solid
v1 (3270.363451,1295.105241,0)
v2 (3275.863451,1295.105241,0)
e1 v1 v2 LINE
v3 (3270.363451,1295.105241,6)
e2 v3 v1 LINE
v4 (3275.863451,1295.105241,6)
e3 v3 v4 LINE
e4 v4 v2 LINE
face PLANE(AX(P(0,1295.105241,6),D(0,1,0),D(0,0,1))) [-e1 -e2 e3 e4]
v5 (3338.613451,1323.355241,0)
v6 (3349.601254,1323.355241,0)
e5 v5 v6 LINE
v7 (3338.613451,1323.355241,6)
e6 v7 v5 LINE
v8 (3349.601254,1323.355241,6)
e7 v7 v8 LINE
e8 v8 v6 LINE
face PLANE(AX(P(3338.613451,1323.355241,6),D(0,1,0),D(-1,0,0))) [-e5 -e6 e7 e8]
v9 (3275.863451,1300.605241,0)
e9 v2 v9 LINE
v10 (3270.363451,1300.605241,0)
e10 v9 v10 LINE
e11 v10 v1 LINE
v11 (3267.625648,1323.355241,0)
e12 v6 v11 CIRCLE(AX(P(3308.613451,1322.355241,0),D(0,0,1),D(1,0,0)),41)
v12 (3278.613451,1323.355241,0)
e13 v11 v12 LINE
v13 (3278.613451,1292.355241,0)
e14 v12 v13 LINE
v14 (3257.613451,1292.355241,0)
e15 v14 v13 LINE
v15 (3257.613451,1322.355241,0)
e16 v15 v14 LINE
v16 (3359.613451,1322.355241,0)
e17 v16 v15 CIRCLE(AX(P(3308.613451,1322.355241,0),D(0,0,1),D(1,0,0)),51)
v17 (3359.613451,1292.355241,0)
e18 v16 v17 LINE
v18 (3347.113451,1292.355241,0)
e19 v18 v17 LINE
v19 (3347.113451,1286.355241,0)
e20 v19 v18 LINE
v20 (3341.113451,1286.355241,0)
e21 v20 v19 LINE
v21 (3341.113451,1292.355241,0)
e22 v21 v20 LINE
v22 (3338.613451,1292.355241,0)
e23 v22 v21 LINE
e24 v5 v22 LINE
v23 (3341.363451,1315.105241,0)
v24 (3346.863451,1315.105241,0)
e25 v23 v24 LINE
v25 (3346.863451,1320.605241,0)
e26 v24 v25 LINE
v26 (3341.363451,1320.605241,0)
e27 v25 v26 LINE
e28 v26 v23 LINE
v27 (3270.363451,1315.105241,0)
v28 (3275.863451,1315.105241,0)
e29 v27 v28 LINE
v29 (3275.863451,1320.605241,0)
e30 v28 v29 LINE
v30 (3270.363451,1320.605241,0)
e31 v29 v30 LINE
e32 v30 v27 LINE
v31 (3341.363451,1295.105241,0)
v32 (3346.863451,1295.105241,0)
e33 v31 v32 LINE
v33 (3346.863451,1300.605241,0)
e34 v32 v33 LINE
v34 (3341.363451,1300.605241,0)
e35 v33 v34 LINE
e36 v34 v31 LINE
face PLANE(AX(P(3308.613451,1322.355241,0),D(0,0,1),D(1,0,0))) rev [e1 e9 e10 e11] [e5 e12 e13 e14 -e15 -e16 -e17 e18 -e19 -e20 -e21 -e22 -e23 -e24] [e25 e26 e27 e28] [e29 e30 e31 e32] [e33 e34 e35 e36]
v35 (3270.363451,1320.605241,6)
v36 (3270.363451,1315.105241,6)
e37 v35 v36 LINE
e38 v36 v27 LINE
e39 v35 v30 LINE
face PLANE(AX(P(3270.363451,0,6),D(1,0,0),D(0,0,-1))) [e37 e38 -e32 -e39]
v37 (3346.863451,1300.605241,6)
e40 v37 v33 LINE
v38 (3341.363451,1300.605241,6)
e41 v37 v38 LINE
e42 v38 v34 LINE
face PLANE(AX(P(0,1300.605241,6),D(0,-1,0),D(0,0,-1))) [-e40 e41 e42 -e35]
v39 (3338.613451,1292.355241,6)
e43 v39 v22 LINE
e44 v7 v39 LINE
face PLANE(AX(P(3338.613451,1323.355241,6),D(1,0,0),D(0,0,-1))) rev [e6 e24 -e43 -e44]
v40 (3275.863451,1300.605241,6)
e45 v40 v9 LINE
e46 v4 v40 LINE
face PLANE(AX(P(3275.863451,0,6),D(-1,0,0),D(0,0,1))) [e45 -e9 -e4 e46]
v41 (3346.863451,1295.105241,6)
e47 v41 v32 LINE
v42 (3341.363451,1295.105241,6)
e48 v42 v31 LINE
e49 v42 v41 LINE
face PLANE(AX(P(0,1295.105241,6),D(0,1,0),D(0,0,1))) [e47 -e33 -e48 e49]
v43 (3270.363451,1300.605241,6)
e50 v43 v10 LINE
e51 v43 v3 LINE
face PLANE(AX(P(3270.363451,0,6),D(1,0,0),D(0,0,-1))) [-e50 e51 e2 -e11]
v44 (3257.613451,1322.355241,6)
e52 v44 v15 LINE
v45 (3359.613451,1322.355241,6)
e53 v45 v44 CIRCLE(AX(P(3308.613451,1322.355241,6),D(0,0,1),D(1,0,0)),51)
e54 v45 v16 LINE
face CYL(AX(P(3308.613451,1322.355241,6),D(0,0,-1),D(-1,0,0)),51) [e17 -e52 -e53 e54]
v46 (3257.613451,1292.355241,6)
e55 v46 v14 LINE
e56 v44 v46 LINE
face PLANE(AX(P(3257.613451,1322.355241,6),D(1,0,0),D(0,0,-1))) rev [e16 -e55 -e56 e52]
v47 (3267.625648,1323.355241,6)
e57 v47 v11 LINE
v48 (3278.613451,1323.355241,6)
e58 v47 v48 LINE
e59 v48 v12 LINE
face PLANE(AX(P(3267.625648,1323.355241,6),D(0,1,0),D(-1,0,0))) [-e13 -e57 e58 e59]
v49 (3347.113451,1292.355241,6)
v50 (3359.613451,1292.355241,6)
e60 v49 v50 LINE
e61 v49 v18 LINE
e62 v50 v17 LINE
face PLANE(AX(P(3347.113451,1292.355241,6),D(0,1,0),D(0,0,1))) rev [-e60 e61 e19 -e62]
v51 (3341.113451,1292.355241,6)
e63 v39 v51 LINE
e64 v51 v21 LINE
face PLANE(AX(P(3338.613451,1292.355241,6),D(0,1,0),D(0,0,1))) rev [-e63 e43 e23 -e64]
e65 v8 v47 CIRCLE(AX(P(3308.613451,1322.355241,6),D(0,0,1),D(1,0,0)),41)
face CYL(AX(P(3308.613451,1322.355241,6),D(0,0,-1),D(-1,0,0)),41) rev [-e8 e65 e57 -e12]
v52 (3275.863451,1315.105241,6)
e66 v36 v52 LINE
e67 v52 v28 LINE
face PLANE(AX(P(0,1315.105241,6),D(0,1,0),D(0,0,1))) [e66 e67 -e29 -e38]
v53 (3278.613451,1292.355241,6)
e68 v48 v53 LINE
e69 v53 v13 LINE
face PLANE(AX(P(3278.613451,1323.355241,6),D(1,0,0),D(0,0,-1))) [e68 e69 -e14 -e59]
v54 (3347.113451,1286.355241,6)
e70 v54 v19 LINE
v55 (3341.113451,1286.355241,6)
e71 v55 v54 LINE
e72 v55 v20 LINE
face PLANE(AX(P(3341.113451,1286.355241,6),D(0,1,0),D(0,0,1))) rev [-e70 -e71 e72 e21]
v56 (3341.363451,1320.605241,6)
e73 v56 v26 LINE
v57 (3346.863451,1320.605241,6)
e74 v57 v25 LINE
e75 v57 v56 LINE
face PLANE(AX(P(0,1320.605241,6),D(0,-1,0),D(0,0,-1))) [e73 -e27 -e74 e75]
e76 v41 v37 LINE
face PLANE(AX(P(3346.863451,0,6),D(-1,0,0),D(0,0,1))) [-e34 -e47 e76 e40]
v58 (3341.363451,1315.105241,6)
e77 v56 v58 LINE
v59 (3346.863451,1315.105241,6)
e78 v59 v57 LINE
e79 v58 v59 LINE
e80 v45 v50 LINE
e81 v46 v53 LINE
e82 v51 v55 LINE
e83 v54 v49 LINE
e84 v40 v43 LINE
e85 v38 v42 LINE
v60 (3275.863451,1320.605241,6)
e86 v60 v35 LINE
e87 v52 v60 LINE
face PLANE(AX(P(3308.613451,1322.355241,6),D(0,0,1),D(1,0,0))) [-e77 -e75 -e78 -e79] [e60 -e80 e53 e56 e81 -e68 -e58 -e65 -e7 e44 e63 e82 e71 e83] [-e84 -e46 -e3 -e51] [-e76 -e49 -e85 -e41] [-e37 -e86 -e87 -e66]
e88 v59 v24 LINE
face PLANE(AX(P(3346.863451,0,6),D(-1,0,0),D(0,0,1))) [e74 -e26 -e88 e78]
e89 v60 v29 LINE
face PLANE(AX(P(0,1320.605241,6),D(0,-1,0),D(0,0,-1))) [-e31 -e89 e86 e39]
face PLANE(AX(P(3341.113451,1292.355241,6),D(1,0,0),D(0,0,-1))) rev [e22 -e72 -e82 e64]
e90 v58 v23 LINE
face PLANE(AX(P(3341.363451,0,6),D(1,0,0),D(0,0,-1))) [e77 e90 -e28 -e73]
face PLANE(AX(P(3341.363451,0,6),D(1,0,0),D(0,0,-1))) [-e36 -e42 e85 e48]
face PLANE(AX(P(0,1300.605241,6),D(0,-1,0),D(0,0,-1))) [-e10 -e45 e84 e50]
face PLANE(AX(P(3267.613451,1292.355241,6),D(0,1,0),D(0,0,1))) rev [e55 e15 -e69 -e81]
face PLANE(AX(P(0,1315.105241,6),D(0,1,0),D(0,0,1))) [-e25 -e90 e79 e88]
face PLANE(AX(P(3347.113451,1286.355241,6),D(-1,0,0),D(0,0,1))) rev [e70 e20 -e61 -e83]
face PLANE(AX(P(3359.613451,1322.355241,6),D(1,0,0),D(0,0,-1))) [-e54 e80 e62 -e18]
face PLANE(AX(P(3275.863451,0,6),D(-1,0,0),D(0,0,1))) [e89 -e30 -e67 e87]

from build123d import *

# Parameters (mm, degrees)
MODEL_W             = 5.5
MODEL_H             = 5.5
BOSS_EXTRUDE1_DEPTH = 6


with BuildPart() as part:
    # Model → Boss-Extrude1 (new body)
    with BuildSketch(Plane.XY):
        with BuildLine():
            Line((3257.613450603, 1322.35524102), (3257.613450603, 1292.35524102))
            Line((3257.613450603, 1292.35524102), (3267.613450603, 1292.35524102))
            Line((3267.613450603, 1292.35524102), (3278.613450603, 1292.35524102))
            Line((3278.613450603, 1292.35524102), (3278.613450603, 1323.35524102))
            Line((3278.613450603, 1323.35524102), (3267.625647539, 1323.35524102))
            ThreePointArc((3267.625647539, 1323.35524102), (3308.613450603, 1363.35524102), (3349.601253667, 1323.35524102))
            Line((3349.601253667, 1323.35524102), (3338.613450603, 1323.35524102))
            Line((3338.613450603, 1323.35524102), (3338.613450603, 1292.35524102))
            Line((3338.613450603, 1292.35524102), (3341.113450603, 1292.35524102))
            Line((3341.113450603, 1292.35524102), (3341.113450603, 1286.35524102))
            Line((3341.113450603, 1286.35524102), (3347.113450603, 1286.35524102))
            Line((3347.113450603, 1286.35524102), (3347.113450603, 1292.35524102))
            Line((3347.113450603, 1292.35524102), (3359.613450603, 1292.35524102))
            Line((3359.613450603, 1292.35524102), (3359.613450603, 1322.35524102))
            ThreePointArc((3359.613450603, 1322.35524102), (3308.613450603, 1373.35524102), (3257.613450603, 1322.35524102))
        make_face()
        with Locations((3344.113450603, 1297.85524102)):
            Rectangle(MODEL_W, MODEL_H, mode=Mode.SUBTRACT)
        with Locations((3344.113450603, 1317.85524102)):
            Rectangle(MODEL_W, MODEL_H, mode=Mode.SUBTRACT)
        with Locations((3273.113450603, 1297.85524102)):
            Rectangle(MODEL_W, MODEL_H, mode=Mode.SUBTRACT)
        with Locations((3273.113450603, 1317.85524102)):
            Rectangle(MODEL_W, MODEL_H, mode=Mode.SUBTRACT)
    extrude(amount=BOSS_EXTRUDE1_DEPTH)


solid = part.part
